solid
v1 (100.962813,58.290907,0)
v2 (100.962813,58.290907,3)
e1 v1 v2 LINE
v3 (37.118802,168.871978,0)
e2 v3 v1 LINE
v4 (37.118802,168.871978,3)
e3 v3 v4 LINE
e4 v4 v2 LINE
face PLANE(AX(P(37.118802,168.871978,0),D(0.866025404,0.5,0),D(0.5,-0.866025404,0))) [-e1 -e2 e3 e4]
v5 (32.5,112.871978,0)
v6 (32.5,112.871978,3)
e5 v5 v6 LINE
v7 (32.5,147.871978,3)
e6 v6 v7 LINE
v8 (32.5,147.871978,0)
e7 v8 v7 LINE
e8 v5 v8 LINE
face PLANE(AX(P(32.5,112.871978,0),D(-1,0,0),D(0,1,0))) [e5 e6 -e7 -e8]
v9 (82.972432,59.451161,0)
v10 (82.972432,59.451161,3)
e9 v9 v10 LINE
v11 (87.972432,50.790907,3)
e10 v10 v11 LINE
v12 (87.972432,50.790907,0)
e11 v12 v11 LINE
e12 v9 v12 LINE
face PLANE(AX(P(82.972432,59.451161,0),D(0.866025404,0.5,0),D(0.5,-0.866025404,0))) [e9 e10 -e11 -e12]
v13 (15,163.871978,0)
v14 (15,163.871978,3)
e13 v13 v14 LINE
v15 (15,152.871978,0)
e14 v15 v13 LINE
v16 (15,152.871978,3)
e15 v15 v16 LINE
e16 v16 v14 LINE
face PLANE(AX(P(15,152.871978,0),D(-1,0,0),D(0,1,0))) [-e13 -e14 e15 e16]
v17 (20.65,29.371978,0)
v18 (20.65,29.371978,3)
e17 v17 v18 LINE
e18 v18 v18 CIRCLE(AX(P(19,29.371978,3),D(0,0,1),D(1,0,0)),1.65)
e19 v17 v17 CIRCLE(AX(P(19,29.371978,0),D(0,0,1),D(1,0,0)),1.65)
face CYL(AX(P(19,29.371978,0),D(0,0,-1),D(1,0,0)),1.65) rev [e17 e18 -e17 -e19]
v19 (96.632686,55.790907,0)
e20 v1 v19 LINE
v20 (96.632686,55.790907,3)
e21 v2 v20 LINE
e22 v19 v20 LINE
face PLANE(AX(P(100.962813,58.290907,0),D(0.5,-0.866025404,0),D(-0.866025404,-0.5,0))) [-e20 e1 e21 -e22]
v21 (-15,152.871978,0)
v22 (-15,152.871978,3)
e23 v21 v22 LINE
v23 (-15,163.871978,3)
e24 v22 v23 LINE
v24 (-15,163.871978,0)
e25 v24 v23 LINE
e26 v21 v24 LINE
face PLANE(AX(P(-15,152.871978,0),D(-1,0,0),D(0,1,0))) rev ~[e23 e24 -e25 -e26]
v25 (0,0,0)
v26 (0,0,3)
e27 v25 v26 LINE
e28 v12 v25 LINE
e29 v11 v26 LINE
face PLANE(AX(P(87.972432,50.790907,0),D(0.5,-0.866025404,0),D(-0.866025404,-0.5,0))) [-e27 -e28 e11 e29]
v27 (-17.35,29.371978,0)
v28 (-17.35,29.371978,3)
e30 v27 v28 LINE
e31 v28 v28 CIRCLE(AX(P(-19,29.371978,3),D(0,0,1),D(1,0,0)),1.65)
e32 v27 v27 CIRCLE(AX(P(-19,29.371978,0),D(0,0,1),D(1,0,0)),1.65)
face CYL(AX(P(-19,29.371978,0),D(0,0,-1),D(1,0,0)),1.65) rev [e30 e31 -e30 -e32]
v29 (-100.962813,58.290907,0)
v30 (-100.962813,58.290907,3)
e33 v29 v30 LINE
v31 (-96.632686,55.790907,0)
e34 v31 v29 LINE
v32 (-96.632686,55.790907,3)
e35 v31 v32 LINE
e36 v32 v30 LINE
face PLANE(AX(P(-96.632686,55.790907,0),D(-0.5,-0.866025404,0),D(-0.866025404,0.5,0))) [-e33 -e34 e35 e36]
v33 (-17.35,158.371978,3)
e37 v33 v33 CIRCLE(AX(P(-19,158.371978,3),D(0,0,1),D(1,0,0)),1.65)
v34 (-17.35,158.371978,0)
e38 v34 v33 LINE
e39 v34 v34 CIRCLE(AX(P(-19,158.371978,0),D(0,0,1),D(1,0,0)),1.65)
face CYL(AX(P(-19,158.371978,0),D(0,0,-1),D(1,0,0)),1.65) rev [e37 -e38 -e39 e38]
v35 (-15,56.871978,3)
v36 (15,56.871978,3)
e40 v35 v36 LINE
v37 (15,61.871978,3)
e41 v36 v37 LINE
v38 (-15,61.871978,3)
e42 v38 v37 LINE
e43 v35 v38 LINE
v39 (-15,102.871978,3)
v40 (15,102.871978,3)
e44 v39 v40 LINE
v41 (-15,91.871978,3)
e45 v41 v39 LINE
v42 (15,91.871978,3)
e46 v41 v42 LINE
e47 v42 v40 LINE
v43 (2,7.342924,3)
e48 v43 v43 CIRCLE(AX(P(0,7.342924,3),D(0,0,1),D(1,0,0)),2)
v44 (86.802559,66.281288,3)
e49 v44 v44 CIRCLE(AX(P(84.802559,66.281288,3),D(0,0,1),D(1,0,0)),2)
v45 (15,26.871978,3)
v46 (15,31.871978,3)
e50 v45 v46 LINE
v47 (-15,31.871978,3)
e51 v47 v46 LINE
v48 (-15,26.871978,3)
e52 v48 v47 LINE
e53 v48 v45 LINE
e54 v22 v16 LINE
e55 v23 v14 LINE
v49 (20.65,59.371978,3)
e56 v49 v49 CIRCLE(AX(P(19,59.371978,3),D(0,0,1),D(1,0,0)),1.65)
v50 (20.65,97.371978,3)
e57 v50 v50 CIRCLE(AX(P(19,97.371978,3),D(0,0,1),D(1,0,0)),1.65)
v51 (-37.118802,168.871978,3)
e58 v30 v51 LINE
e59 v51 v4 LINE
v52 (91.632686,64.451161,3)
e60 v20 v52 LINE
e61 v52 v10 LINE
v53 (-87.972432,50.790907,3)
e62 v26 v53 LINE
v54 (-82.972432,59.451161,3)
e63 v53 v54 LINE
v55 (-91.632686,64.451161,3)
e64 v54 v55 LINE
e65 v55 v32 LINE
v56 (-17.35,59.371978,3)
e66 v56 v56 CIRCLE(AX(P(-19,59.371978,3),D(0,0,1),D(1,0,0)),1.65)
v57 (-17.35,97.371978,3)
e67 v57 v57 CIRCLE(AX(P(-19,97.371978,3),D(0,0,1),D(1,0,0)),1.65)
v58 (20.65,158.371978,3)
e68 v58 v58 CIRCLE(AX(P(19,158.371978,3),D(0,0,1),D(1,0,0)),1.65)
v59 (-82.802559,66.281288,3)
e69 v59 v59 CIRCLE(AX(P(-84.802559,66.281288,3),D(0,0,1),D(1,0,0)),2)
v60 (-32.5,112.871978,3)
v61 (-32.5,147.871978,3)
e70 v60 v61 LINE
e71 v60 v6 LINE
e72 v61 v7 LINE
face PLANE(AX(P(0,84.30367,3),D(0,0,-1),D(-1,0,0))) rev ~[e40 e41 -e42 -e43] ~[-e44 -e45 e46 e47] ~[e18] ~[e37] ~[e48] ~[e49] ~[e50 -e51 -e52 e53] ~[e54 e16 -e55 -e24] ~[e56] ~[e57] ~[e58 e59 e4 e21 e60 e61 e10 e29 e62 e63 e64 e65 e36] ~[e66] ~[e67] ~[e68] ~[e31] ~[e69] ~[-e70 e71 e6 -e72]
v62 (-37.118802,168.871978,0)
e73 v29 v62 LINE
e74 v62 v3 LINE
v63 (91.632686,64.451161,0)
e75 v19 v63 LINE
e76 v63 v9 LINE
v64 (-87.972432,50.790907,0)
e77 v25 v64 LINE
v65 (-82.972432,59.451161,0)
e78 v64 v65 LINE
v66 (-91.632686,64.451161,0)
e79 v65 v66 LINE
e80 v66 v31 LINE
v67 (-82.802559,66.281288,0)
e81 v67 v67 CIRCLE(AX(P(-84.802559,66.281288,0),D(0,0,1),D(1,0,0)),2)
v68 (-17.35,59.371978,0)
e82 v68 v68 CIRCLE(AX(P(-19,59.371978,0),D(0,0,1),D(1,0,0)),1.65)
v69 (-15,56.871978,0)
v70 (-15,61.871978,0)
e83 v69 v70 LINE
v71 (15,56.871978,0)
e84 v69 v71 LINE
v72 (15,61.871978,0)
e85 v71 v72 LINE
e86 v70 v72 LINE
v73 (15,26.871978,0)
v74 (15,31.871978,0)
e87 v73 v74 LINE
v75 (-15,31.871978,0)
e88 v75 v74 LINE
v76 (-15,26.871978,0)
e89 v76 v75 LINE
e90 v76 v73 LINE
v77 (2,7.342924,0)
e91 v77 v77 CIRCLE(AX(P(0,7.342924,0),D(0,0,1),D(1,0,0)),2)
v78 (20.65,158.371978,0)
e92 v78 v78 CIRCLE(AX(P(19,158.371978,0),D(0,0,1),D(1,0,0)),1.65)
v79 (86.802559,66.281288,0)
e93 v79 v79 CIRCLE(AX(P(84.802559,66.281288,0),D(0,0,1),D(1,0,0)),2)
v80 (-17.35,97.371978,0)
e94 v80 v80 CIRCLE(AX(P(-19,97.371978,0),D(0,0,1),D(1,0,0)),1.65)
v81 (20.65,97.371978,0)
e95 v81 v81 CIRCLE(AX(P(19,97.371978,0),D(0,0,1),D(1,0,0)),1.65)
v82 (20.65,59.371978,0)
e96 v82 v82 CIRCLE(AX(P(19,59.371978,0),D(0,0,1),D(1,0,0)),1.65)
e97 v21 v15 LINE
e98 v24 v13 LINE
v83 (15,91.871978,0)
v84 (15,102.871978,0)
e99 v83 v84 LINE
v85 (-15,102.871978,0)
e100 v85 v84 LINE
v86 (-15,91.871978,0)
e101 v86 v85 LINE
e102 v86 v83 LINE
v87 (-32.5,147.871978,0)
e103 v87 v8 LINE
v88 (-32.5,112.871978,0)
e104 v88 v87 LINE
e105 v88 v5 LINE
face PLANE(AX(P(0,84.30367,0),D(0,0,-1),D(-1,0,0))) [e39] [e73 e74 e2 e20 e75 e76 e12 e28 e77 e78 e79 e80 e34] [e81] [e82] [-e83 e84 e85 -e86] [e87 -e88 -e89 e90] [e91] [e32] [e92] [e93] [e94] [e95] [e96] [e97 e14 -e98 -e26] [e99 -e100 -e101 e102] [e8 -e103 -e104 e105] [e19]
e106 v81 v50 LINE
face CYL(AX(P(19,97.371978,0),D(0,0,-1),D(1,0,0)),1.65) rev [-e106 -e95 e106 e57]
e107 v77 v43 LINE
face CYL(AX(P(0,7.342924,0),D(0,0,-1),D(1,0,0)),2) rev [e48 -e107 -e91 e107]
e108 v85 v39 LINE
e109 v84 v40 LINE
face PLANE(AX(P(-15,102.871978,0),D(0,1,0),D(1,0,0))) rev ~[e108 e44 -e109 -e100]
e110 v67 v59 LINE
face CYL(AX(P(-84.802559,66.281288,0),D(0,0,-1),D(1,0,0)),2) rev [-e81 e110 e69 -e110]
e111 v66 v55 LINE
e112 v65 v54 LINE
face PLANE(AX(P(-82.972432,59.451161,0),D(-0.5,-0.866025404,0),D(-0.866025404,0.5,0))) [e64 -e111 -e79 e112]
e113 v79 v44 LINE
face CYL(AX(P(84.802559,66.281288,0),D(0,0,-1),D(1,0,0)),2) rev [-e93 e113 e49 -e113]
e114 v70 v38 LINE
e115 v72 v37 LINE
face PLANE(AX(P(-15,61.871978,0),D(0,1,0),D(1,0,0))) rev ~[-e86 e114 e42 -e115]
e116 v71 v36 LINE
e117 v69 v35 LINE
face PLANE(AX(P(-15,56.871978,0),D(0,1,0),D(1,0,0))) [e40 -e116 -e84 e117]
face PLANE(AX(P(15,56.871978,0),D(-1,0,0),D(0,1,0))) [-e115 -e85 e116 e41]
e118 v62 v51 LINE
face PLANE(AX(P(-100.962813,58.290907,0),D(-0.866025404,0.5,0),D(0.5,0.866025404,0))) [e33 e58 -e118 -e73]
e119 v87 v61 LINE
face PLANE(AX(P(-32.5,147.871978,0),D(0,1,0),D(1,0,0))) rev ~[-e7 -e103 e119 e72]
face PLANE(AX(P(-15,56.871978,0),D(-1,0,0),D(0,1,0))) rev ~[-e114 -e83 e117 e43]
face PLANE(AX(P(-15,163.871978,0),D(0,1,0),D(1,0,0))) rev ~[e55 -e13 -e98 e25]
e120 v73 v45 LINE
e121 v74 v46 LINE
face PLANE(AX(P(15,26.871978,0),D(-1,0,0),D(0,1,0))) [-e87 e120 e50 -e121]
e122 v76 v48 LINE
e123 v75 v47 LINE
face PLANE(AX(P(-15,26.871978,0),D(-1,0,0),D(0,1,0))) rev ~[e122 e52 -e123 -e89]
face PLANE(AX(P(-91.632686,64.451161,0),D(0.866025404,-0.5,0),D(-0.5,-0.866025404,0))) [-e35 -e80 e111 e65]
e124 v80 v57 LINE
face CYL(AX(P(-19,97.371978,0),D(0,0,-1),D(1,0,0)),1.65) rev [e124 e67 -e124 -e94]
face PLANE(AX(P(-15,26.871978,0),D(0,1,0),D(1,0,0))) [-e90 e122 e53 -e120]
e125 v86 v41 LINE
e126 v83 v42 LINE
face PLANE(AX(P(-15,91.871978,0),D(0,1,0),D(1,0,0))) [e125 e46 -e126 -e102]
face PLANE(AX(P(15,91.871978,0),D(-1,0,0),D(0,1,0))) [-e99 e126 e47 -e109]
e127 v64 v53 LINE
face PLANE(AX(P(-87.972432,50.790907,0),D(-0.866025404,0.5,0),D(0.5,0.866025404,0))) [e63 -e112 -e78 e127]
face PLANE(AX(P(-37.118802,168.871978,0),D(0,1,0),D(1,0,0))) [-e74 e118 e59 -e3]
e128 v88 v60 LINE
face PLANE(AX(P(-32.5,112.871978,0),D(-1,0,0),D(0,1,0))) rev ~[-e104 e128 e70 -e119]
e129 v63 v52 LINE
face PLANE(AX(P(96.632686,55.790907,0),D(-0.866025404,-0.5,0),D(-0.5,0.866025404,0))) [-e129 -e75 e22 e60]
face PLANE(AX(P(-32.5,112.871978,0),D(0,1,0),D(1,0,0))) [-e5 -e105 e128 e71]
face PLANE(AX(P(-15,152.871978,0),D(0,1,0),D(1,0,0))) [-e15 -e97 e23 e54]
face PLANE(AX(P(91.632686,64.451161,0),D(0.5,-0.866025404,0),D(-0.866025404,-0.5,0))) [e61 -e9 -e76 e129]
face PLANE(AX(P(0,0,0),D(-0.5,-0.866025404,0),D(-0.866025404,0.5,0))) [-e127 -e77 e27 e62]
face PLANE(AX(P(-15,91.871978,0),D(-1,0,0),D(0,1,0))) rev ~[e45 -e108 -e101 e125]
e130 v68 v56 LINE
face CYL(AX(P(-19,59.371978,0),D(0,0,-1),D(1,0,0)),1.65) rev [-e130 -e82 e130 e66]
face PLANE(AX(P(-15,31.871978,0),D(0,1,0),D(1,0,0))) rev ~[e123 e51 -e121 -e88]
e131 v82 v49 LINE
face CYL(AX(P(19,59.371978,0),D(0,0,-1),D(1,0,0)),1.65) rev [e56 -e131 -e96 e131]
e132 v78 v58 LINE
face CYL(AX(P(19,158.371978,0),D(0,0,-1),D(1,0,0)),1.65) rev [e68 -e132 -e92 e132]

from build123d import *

# Parameters (mm, degrees)
ESQUISSE1_R        = 2
ESQUISSE1_R_2      = 1.65
ESQUISSE1_W        = 65
ESQUISSE1_H        = 35
ESQUISSE1_W_2      = 30
ESQUISSE1_H_2      = 5
ESQUISSE1_H_3      = 11
BOSS_EXTRU_1_DEPTH = 3


with BuildPart() as part:
    # Esquisse1 → Boss.-Extru.1 (new body)
    with BuildSketch(Plane.XY):
        Polygon((37.118802154, 168.871977627), (100.962812921, 58.290907218), (96.632685902, 55.790907218), (91.632685902, 64.451161256), (82.972431864, 59.451161256), (87.972431864, 50.790907218), (0, 0), (-87.972431864, 50.790907218), (-82.972431864, 59.451161256), (-91.632685902, 64.451161256), (-96.632685902, 55.790907218), (-100.962812921, 58.290907218), (-37.118802153, 168.871977627), align=None)
        with Locations((-84.802558883, 66.281288275)):
            Circle(ESQUISSE1_R, mode=Mode.SUBTRACT)
        with Locations((84.802558883, 66.281288275)):
            Circle(ESQUISSE1_R, mode=Mode.SUBTRACT)
        with Locations((-19, 97.371977627)):
            Circle(ESQUISSE1_R_2, mode=Mode.SUBTRACT)
        with Locations((19, 97.371977627)):
            Circle(ESQUISSE1_R_2, mode=Mode.SUBTRACT)
        with Locations((19, 158.371977627)):
            Circle(ESQUISSE1_R_2, mode=Mode.SUBTRACT)
        with Locations((-19, 158.371977627)):
            Circle(ESQUISSE1_R_2, mode=Mode.SUBTRACT)
        with Locations((-19, 59.371977627)):
            Circle(ESQUISSE1_R_2, mode=Mode.SUBTRACT)
        with Locations((0, 7.342924489)):
            Circle(ESQUISSE1_R, mode=Mode.SUBTRACT)
        with Locations((19, 59.371977627)):
            Circle(ESQUISSE1_R_2, mode=Mode.SUBTRACT)
        with Locations((19, 29.371977627)):
            Circle(ESQUISSE1_R_2, mode=Mode.SUBTRACT)
        with Locations((-19, 29.371977627)):
            Circle(ESQUISSE1_R_2, mode=Mode.SUBTRACT)
        with Locations((0, 130.371977627)):
            Rectangle(ESQUISSE1_W, ESQUISSE1_H, mode=Mode.SUBTRACT)
        with Locations((0, 59.371977627)):
            Rectangle(ESQUISSE1_W_2, ESQUISSE1_H_2, mode=Mode.SUBTRACT)
        with Locations((0, 29.371977627)):
            Rectangle(ESQUISSE1_W_2, ESQUISSE1_H_2, mode=Mode.SUBTRACT)
        with Locations((0, 97.371977627)):
            Rectangle(ESQUISSE1_W_2, ESQUISSE1_H_3, mode=Mode.SUBTRACT)
        with Locations((0, 158.371977627)):
            Rectangle(ESQUISSE1_W_2, ESQUISSE1_H_3, mode=Mode.SUBTRACT)
    extrude(amount=BOSS_EXTRU_1_DEPTH)


solid = part.part
